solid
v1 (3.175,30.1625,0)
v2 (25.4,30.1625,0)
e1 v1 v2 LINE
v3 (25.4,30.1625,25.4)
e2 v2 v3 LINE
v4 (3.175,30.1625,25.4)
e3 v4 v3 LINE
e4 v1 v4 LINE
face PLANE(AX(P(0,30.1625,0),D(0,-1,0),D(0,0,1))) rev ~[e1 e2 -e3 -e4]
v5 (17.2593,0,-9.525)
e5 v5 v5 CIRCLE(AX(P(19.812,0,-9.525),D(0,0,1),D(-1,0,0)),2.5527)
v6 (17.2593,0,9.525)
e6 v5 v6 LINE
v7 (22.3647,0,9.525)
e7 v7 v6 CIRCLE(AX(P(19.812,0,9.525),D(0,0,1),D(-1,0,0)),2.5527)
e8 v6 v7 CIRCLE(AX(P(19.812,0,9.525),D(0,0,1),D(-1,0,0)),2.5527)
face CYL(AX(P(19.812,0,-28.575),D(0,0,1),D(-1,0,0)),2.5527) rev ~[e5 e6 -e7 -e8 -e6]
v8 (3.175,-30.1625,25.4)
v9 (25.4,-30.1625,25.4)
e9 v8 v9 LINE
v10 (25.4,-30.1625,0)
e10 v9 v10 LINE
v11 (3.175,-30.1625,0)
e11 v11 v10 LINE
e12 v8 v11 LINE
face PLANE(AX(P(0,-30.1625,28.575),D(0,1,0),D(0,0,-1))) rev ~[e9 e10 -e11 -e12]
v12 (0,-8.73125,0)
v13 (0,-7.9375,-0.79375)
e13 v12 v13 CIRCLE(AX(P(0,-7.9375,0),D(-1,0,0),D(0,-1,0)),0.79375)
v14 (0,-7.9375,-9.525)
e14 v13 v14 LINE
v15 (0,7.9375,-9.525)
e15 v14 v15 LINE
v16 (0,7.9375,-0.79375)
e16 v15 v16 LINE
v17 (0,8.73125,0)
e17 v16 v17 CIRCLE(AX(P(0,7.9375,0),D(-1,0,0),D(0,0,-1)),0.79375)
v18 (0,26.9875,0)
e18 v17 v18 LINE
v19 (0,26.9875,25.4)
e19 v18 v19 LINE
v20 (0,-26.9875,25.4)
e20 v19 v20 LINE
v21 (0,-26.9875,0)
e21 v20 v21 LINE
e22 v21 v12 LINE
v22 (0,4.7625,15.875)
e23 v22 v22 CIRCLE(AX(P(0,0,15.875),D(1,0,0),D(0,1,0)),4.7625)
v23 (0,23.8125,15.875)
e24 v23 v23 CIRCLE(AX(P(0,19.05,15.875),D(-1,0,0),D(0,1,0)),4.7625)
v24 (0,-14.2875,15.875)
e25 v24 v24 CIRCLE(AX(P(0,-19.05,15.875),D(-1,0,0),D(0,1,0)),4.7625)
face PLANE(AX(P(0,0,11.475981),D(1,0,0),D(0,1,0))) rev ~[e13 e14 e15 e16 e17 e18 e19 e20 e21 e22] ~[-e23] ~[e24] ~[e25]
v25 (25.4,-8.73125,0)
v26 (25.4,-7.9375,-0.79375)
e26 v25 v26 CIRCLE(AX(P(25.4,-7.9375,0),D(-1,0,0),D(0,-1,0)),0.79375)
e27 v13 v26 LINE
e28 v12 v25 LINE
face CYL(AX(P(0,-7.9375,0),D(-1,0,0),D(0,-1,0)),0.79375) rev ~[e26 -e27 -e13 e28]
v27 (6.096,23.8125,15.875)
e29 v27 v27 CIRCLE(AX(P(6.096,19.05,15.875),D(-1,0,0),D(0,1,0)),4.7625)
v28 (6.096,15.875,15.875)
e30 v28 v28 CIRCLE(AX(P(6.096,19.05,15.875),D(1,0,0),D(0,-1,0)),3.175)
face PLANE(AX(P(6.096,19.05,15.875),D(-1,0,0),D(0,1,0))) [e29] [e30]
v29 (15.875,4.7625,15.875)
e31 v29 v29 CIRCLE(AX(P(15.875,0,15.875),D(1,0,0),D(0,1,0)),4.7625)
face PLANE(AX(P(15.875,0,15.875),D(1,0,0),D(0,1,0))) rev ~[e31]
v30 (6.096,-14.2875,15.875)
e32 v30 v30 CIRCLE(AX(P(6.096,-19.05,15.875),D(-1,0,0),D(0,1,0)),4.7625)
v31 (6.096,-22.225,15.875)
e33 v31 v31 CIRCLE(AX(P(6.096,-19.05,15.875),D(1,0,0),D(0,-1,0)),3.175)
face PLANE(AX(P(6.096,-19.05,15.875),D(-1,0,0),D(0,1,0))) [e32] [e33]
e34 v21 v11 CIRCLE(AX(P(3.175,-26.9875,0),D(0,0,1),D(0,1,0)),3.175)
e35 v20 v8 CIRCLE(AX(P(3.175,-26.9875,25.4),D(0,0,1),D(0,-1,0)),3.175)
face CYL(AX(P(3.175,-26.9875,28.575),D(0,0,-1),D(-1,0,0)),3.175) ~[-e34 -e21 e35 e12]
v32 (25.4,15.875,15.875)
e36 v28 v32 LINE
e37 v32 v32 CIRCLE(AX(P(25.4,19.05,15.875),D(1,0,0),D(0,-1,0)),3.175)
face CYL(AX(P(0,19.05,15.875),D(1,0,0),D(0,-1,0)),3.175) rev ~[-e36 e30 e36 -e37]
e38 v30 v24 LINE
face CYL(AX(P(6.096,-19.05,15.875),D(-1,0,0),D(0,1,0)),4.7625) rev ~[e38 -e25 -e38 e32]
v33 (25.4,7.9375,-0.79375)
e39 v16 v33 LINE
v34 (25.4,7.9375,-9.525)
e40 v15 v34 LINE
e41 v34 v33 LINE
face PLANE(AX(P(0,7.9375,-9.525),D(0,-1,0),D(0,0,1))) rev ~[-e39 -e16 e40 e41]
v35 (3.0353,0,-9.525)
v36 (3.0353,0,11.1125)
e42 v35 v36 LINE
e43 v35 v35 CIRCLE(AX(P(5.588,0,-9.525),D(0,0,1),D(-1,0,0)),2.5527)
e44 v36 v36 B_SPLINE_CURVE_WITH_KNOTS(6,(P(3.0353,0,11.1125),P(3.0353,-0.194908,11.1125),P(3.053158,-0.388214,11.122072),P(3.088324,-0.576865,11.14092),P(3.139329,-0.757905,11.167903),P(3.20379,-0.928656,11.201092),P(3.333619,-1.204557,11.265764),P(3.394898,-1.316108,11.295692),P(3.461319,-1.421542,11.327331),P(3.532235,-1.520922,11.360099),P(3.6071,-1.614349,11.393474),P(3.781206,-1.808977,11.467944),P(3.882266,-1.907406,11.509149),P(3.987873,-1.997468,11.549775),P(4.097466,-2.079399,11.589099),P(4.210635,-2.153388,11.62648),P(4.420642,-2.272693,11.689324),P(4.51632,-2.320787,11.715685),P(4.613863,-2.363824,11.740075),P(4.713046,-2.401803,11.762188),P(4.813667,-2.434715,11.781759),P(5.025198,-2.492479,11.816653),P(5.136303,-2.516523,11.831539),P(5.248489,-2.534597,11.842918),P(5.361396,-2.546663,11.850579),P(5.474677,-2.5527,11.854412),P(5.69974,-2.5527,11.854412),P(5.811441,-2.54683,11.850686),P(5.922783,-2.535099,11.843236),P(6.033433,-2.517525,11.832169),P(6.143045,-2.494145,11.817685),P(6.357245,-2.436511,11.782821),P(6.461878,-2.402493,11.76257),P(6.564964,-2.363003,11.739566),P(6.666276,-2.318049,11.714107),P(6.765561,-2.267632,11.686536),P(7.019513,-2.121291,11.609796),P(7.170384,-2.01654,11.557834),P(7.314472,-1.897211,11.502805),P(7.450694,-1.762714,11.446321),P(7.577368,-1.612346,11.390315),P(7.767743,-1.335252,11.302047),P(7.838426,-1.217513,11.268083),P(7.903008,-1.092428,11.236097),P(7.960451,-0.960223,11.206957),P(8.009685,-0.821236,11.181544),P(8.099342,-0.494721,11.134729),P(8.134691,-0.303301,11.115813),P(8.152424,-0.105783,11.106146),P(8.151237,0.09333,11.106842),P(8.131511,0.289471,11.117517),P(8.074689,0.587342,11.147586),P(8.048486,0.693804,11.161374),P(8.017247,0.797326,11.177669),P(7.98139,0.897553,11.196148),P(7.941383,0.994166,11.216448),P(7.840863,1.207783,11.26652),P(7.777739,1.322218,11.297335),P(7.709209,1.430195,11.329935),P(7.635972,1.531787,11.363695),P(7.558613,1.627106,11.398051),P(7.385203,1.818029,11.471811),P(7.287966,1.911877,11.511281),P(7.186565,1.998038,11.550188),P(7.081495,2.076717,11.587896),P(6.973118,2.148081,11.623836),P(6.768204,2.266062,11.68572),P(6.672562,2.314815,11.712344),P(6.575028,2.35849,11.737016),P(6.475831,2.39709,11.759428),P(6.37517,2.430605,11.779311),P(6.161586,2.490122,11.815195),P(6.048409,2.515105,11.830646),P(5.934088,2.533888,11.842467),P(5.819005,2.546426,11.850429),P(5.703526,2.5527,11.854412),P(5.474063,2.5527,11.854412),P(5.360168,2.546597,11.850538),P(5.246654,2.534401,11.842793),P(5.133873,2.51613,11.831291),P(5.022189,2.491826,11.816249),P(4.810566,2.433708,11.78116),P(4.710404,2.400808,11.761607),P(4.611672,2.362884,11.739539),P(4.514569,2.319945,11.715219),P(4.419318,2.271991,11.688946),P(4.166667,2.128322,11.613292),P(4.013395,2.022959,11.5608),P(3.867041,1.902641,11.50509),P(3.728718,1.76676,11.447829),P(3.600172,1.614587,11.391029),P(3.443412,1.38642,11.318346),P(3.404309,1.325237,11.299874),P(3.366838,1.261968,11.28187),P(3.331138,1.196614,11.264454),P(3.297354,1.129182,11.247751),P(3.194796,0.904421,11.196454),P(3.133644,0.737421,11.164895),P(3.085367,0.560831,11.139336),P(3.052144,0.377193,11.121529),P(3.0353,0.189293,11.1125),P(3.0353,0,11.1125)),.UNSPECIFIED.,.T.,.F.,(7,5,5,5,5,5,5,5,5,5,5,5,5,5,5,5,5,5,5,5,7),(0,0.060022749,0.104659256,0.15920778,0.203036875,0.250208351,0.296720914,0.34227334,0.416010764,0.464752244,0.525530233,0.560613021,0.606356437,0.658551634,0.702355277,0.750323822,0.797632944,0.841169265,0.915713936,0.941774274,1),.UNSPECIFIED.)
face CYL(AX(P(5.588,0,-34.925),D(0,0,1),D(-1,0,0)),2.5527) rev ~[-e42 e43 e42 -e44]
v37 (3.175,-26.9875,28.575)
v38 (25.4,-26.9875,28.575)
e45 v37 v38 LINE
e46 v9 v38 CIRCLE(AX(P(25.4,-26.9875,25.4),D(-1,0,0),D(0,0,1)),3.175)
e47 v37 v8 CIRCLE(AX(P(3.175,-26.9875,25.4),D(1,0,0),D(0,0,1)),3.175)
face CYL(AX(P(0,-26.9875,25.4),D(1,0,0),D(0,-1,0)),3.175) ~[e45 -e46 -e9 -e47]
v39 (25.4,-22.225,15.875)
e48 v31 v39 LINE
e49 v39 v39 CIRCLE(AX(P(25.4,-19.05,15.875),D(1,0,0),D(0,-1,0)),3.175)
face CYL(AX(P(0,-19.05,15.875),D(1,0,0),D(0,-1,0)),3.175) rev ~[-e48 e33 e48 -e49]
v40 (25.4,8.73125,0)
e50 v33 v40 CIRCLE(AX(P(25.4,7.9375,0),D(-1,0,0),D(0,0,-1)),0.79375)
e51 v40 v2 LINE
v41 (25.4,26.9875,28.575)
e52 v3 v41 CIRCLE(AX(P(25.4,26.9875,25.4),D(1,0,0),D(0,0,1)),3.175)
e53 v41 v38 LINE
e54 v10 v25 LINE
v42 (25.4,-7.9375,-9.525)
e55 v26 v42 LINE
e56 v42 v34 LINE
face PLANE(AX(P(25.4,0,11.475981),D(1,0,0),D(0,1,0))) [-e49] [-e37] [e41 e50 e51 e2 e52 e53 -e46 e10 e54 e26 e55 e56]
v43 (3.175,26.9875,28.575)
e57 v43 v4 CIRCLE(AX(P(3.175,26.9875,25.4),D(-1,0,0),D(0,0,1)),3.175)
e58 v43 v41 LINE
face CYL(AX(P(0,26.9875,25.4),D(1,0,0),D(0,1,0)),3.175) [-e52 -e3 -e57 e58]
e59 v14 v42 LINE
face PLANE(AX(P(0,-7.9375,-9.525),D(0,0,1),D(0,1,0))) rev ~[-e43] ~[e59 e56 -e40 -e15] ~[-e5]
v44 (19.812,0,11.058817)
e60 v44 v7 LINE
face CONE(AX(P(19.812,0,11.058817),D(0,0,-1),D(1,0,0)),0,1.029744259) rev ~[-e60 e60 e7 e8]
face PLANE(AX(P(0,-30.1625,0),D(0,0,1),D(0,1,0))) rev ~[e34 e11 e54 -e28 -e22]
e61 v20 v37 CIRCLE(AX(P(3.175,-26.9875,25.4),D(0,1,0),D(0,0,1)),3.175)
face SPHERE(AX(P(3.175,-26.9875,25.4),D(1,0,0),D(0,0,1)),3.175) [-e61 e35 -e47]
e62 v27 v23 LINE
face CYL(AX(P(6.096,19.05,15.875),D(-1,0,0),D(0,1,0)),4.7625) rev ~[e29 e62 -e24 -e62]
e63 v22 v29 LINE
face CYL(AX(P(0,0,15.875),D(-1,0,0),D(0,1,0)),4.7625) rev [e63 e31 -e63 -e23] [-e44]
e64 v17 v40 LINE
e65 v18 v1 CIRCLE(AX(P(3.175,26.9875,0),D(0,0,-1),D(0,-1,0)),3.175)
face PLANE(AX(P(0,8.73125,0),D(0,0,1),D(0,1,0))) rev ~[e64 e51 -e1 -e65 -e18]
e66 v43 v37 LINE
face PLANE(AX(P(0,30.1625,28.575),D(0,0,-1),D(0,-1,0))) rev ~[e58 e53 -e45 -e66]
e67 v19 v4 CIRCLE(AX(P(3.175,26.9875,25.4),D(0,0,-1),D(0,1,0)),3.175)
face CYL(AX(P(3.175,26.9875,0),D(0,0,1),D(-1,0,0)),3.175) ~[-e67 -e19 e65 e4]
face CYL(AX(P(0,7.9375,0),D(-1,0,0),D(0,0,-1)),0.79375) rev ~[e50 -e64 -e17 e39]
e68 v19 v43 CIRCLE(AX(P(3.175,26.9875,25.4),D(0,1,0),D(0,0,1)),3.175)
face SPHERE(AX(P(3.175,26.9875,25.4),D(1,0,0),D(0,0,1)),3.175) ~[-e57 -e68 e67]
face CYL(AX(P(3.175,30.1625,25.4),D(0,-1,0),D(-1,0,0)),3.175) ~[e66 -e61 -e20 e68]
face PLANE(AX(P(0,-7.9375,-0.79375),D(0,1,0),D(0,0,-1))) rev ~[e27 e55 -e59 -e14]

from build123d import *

# Parameters (mm, degrees)
F0_R           = 4.7625
F1_DEPTH       = 25.4
F2_D           = 6.35
F2_CBORE_D     = 9.525
F2_CBORE_DEPTH = 6.096
F3_DEPTH       = 15.875
F4_R           = 3.175
F6_D           = 5.1054
F6_DEPTH       = 25.4
F6_TIP         = 1.5338169022
F7_D           = 5.1054
F7_DEPTH       = 19.05
F7_TIP         = 1.5338169022


with BuildPart() as f1:
    # F0 (on Right) → F1 (new body)
    with BuildSketch(Plane.YZ):
        with BuildLine():
            Line((-7.9375, -9.525), (0, -9.525))
            Line((0, -9.525), (7.9375, -9.525))
            Line((7.9375, -9.525), (7.9375, -0.79375))
            ThreePointArc((7.9375, -0.79375), (7.3762339924, 0.5612660076), (8.73125, 0))
            Line((8.73125, 0), (30.1625, 0))
            Line((30.1625, 0), (30.1625, 28.575))
            Line((30.1625, 28.575), (0, 28.575))
            Line((0, 28.575), (-30.1625, 28.575))
            Line((-30.1625, 28.575), (-30.1625, 0))
            Line((-30.1625, 0), (-8.73125, 0))
            ThreePointArc((-8.73125, 0), (-7.3762339924, 0.5612660076), (-7.9375, -0.79375))
            Line((-7.9375, -0.79375), (-7.9375, -9.525))
        make_face()
        with Locations((0, 15.875)):
            Circle(F0_R, mode=Mode.SUBTRACT)
        with Locations((0, 15.875)):
            Circle(F0_R)
    extrude(amount=F1_DEPTH)

    # F2 (through all)
    with Locations(Plane(origin=(0, 0, 0), x_dir=(0, 1, 0), z_dir=(-1, 0, 0))):
        with Locations((-19.05, -15.875), (19.05, -15.875)):
            CounterBoreHole(F2_D / 2, F2_CBORE_D / 2, F2_CBORE_DEPTH)

    # F0 (on Right) → F3 (cut)
    with BuildSketch(Plane.YZ):
        with Locations((0, 15.875)):
            Circle(F0_R)
    extrude(amount=F3_DEPTH, mode=Mode.SUBTRACT)

    # F4
    f4_edges = [f1.edges().sort_by_distance(p)[0] for p in [
        (12.7, -30.1625, 28.575),
        (12.7, 30.1625, 28.575),
        (0, 0, 28.575),
        (0, -30.1625, 14.2875),
        (0, 30.1625, 14.2875),
    ]]
    fillet(f4_edges, radius=F4_R)

    # F6
    with Locations(Plane(origin=(0, 0, -9.525), x_dir=(1, 0, 0), z_dir=(0, 0, -1))):
        with Locations((5.588, 0)):
            Hole(F6_D / 2, depth=F6_DEPTH)
            with Locations((0, 0, -(F6_DEPTH + F6_TIP / 2))):  # 118° drill point
                Cone(0, F6_D / 2, F6_TIP, mode=Mode.SUBTRACT)

    # F7
    with Locations(Plane(origin=(0, 0, -9.525), x_dir=(1, 0, 0), z_dir=(0, 0, -1))):
        with Locations((19.812, 0)):
            Hole(F7_D / 2, depth=F7_DEPTH)
            with Locations((0, 0, -(F7_DEPTH + F7_TIP / 2))):  # 118° drill point
                Cone(0, F7_D / 2, F7_TIP, mode=Mode.SUBTRACT)


solid = f1.part
